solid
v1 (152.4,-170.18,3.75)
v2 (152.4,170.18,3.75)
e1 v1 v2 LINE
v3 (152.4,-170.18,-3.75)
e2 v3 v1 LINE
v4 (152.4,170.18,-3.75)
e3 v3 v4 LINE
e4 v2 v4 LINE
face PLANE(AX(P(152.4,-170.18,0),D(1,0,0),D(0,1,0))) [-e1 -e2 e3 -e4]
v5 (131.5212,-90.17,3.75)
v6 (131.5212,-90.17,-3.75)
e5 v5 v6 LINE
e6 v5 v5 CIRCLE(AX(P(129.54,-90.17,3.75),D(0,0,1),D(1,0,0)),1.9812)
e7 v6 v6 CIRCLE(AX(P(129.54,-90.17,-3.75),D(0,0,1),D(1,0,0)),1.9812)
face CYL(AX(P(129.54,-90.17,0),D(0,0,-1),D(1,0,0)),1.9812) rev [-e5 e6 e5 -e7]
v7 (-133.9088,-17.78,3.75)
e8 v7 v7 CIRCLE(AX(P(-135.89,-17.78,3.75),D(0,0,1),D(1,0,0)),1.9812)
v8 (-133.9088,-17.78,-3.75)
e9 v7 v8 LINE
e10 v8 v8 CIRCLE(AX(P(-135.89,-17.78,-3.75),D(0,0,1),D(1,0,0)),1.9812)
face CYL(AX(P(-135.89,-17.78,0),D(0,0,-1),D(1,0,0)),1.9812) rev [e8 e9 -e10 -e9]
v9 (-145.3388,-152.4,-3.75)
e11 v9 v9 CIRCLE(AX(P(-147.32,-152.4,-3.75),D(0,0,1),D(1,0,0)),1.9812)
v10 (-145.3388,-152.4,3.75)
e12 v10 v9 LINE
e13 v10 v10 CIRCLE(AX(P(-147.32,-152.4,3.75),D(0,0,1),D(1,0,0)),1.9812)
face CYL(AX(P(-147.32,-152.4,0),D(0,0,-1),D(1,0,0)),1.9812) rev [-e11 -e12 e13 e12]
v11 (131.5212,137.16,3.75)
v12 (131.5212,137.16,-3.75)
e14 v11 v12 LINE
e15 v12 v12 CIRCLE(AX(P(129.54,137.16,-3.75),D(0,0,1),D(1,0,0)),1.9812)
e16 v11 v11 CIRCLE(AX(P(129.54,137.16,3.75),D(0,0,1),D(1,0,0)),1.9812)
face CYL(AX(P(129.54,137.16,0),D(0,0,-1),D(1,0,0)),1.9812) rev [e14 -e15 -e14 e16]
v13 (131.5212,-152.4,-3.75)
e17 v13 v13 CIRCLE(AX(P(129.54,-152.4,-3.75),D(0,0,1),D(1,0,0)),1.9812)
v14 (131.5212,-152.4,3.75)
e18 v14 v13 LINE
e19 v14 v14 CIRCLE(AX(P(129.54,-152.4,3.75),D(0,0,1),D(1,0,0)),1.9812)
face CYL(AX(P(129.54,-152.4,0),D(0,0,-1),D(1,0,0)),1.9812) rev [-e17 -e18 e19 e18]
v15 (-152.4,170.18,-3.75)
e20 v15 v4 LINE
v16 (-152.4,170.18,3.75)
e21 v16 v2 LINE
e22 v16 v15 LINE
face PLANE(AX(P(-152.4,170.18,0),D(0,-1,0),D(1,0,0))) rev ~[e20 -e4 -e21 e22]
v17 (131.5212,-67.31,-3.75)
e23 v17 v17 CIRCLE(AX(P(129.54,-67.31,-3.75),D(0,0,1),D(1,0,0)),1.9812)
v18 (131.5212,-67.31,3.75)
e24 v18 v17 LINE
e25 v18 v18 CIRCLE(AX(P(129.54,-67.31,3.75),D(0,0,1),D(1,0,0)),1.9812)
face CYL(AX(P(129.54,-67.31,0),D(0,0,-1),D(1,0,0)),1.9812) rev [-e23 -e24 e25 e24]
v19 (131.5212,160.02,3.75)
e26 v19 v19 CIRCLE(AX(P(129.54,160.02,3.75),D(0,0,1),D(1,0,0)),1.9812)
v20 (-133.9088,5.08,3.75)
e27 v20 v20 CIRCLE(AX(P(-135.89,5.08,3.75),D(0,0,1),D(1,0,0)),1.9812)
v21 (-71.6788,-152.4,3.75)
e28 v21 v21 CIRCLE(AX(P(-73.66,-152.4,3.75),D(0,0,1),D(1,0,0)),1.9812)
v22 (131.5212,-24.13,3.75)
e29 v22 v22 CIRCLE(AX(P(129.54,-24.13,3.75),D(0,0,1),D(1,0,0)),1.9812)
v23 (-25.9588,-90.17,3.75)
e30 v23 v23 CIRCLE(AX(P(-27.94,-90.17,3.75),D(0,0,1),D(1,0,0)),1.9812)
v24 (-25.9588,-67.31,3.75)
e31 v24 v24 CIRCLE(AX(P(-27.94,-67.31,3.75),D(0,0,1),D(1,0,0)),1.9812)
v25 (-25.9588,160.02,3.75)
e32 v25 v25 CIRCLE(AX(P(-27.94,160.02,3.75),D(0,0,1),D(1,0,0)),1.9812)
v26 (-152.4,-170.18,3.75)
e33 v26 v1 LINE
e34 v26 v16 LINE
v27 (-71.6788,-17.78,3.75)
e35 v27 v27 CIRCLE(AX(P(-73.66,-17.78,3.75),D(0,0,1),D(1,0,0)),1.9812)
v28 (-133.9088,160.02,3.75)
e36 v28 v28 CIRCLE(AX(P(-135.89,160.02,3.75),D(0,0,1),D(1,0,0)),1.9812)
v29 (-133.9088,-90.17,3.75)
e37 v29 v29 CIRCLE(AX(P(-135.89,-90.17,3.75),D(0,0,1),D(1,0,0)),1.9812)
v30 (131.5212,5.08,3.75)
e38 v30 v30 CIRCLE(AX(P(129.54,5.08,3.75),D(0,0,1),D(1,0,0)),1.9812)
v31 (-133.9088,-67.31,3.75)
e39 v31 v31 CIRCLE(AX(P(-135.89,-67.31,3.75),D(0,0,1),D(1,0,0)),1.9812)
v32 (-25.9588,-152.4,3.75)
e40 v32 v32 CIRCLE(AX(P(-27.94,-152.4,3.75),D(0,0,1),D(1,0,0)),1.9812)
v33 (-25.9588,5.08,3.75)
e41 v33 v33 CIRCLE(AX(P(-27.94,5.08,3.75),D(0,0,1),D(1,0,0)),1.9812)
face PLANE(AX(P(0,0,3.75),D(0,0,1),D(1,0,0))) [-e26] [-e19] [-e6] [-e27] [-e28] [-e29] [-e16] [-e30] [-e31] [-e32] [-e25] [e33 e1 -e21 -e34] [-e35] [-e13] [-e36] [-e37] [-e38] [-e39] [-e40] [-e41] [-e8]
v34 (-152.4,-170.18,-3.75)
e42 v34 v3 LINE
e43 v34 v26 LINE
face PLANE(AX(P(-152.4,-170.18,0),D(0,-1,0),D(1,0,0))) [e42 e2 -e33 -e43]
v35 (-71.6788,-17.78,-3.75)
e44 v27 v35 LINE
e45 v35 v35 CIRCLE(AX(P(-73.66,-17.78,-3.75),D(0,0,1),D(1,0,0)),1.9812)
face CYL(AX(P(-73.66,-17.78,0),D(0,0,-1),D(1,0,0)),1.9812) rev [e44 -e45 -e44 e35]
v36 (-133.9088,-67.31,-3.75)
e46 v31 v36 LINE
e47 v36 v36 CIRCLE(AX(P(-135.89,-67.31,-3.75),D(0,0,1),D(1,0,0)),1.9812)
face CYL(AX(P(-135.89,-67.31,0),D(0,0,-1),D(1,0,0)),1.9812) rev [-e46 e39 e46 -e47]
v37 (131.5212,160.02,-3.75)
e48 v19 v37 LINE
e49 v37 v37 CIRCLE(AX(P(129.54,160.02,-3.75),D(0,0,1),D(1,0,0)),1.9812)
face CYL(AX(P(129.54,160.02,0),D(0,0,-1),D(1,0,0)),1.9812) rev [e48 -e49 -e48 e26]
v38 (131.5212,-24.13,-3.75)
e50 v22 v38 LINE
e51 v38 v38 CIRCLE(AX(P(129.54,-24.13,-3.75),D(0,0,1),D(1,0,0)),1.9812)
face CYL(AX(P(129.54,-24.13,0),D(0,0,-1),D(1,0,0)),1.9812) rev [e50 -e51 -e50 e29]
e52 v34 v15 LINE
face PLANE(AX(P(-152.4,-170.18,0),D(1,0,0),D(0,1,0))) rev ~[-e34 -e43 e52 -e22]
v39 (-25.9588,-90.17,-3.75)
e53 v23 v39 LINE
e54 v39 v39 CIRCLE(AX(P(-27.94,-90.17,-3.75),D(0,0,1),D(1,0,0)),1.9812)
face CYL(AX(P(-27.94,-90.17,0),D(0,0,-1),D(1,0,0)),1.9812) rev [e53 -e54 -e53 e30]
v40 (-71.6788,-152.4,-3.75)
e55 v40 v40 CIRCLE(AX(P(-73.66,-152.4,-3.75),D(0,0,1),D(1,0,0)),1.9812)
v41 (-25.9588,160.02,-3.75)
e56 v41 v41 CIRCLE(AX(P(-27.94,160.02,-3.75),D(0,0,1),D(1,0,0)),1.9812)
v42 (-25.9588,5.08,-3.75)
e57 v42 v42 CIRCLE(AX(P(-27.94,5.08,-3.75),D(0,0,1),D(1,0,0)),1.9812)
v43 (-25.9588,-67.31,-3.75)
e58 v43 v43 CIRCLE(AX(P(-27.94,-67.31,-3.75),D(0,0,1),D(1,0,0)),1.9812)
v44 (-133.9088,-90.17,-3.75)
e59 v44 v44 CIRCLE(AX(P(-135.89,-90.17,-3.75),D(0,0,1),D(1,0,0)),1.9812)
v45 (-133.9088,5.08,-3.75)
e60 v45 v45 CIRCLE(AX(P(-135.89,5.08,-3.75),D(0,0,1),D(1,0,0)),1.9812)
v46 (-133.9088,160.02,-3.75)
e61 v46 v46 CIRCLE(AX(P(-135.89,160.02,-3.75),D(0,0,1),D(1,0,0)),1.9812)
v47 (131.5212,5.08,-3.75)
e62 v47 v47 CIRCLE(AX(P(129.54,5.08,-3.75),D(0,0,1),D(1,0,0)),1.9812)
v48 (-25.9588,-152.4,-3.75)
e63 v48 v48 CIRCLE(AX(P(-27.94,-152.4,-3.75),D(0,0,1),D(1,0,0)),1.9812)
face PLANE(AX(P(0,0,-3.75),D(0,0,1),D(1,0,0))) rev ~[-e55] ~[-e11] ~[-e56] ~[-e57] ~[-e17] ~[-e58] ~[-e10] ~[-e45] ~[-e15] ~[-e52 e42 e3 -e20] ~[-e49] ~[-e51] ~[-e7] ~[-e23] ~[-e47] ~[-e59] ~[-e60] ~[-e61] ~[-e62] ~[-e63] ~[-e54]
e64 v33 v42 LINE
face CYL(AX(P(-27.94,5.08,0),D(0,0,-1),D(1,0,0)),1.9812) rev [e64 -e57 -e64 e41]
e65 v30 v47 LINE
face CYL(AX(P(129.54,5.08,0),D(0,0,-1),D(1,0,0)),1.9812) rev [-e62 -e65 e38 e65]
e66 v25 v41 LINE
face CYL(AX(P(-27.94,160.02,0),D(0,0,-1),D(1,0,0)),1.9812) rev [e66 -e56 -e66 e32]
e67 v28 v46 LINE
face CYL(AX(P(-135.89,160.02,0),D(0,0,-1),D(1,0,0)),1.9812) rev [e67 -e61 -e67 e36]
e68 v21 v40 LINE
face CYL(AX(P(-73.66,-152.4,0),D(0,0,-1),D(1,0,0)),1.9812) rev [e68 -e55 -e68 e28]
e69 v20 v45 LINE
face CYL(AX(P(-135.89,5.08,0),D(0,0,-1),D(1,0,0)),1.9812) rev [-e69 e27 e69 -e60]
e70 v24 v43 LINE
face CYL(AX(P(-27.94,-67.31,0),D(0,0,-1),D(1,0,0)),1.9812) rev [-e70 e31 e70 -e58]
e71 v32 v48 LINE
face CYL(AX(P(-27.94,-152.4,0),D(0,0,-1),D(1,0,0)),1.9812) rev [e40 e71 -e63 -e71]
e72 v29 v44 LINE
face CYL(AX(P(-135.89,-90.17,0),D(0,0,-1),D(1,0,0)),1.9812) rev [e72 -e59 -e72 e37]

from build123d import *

# Parameters (mm, degrees)
F0_W     = 304.8
F0_H     = 340.36
F0_R     = 1.9812
F1_DEPTH = 3.75


with BuildPart() as f1:
    # F0 (on Top) → F1 (new body, symmetric)
    with BuildSketch(Plane.XY):
        Rectangle(F0_W, F0_H)
        with Locations((-147.32, -152.4)):
            Circle(F0_R, mode=Mode.SUBTRACT)
        with Locations((-135.89, -90.17)):
            Circle(F0_R, mode=Mode.SUBTRACT)
        with Locations((-73.66, -152.4)):
            Circle(F0_R, mode=Mode.SUBTRACT)
        with Locations((-27.94, -152.4)):
            Circle(F0_R, mode=Mode.SUBTRACT)
        with Locations((-27.94, -90.17)):
            Circle(F0_R, mode=Mode.SUBTRACT)
        with Locations((-135.89, -67.31)):
            Circle(F0_R, mode=Mode.SUBTRACT)
        with Locations((-135.89, -17.78)):
            Circle(F0_R, mode=Mode.SUBTRACT)
        with Locations((-27.94, -67.31)):
            Circle(F0_R, mode=Mode.SUBTRACT)
        with Locations((-73.66, -17.78)):
            Circle(F0_R, mode=Mode.SUBTRACT)
        with Locations((129.54, -152.4)):
            Circle(F0_R, mode=Mode.SUBTRACT)
        with Locations((129.54, -90.17)):
            Circle(F0_R, mode=Mode.SUBTRACT)
        with Locations((129.54, -67.31)):
            Circle(F0_R, mode=Mode.SUBTRACT)
        with Locations((129.54, -24.13)):
            Circle(F0_R, mode=Mode.SUBTRACT)
        with Locations((-135.89, 5.08)):
            Circle(F0_R, mode=Mode.SUBTRACT)
        with Locations((-27.94, 5.08)):
            Circle(F0_R, mode=Mode.SUBTRACT)
        with Locations((-135.89, 160.02)):
            Circle(F0_R, mode=Mode.SUBTRACT)
        with Locations((-27.94, 160.02)):
            Circle(F0_R, mode=Mode.SUBTRACT)
        with Locations((129.54, 5.08)):
            Circle(F0_R, mode=Mode.SUBTRACT)
        with Locations((129.54, 137.16)):
            Circle(F0_R, mode=Mode.SUBTRACT)
        with Locations((129.54, 160.02)):
            Circle(F0_R, mode=Mode.SUBTRACT)
    extrude(amount=F1_DEPTH, both=True)


solid = f1.part
